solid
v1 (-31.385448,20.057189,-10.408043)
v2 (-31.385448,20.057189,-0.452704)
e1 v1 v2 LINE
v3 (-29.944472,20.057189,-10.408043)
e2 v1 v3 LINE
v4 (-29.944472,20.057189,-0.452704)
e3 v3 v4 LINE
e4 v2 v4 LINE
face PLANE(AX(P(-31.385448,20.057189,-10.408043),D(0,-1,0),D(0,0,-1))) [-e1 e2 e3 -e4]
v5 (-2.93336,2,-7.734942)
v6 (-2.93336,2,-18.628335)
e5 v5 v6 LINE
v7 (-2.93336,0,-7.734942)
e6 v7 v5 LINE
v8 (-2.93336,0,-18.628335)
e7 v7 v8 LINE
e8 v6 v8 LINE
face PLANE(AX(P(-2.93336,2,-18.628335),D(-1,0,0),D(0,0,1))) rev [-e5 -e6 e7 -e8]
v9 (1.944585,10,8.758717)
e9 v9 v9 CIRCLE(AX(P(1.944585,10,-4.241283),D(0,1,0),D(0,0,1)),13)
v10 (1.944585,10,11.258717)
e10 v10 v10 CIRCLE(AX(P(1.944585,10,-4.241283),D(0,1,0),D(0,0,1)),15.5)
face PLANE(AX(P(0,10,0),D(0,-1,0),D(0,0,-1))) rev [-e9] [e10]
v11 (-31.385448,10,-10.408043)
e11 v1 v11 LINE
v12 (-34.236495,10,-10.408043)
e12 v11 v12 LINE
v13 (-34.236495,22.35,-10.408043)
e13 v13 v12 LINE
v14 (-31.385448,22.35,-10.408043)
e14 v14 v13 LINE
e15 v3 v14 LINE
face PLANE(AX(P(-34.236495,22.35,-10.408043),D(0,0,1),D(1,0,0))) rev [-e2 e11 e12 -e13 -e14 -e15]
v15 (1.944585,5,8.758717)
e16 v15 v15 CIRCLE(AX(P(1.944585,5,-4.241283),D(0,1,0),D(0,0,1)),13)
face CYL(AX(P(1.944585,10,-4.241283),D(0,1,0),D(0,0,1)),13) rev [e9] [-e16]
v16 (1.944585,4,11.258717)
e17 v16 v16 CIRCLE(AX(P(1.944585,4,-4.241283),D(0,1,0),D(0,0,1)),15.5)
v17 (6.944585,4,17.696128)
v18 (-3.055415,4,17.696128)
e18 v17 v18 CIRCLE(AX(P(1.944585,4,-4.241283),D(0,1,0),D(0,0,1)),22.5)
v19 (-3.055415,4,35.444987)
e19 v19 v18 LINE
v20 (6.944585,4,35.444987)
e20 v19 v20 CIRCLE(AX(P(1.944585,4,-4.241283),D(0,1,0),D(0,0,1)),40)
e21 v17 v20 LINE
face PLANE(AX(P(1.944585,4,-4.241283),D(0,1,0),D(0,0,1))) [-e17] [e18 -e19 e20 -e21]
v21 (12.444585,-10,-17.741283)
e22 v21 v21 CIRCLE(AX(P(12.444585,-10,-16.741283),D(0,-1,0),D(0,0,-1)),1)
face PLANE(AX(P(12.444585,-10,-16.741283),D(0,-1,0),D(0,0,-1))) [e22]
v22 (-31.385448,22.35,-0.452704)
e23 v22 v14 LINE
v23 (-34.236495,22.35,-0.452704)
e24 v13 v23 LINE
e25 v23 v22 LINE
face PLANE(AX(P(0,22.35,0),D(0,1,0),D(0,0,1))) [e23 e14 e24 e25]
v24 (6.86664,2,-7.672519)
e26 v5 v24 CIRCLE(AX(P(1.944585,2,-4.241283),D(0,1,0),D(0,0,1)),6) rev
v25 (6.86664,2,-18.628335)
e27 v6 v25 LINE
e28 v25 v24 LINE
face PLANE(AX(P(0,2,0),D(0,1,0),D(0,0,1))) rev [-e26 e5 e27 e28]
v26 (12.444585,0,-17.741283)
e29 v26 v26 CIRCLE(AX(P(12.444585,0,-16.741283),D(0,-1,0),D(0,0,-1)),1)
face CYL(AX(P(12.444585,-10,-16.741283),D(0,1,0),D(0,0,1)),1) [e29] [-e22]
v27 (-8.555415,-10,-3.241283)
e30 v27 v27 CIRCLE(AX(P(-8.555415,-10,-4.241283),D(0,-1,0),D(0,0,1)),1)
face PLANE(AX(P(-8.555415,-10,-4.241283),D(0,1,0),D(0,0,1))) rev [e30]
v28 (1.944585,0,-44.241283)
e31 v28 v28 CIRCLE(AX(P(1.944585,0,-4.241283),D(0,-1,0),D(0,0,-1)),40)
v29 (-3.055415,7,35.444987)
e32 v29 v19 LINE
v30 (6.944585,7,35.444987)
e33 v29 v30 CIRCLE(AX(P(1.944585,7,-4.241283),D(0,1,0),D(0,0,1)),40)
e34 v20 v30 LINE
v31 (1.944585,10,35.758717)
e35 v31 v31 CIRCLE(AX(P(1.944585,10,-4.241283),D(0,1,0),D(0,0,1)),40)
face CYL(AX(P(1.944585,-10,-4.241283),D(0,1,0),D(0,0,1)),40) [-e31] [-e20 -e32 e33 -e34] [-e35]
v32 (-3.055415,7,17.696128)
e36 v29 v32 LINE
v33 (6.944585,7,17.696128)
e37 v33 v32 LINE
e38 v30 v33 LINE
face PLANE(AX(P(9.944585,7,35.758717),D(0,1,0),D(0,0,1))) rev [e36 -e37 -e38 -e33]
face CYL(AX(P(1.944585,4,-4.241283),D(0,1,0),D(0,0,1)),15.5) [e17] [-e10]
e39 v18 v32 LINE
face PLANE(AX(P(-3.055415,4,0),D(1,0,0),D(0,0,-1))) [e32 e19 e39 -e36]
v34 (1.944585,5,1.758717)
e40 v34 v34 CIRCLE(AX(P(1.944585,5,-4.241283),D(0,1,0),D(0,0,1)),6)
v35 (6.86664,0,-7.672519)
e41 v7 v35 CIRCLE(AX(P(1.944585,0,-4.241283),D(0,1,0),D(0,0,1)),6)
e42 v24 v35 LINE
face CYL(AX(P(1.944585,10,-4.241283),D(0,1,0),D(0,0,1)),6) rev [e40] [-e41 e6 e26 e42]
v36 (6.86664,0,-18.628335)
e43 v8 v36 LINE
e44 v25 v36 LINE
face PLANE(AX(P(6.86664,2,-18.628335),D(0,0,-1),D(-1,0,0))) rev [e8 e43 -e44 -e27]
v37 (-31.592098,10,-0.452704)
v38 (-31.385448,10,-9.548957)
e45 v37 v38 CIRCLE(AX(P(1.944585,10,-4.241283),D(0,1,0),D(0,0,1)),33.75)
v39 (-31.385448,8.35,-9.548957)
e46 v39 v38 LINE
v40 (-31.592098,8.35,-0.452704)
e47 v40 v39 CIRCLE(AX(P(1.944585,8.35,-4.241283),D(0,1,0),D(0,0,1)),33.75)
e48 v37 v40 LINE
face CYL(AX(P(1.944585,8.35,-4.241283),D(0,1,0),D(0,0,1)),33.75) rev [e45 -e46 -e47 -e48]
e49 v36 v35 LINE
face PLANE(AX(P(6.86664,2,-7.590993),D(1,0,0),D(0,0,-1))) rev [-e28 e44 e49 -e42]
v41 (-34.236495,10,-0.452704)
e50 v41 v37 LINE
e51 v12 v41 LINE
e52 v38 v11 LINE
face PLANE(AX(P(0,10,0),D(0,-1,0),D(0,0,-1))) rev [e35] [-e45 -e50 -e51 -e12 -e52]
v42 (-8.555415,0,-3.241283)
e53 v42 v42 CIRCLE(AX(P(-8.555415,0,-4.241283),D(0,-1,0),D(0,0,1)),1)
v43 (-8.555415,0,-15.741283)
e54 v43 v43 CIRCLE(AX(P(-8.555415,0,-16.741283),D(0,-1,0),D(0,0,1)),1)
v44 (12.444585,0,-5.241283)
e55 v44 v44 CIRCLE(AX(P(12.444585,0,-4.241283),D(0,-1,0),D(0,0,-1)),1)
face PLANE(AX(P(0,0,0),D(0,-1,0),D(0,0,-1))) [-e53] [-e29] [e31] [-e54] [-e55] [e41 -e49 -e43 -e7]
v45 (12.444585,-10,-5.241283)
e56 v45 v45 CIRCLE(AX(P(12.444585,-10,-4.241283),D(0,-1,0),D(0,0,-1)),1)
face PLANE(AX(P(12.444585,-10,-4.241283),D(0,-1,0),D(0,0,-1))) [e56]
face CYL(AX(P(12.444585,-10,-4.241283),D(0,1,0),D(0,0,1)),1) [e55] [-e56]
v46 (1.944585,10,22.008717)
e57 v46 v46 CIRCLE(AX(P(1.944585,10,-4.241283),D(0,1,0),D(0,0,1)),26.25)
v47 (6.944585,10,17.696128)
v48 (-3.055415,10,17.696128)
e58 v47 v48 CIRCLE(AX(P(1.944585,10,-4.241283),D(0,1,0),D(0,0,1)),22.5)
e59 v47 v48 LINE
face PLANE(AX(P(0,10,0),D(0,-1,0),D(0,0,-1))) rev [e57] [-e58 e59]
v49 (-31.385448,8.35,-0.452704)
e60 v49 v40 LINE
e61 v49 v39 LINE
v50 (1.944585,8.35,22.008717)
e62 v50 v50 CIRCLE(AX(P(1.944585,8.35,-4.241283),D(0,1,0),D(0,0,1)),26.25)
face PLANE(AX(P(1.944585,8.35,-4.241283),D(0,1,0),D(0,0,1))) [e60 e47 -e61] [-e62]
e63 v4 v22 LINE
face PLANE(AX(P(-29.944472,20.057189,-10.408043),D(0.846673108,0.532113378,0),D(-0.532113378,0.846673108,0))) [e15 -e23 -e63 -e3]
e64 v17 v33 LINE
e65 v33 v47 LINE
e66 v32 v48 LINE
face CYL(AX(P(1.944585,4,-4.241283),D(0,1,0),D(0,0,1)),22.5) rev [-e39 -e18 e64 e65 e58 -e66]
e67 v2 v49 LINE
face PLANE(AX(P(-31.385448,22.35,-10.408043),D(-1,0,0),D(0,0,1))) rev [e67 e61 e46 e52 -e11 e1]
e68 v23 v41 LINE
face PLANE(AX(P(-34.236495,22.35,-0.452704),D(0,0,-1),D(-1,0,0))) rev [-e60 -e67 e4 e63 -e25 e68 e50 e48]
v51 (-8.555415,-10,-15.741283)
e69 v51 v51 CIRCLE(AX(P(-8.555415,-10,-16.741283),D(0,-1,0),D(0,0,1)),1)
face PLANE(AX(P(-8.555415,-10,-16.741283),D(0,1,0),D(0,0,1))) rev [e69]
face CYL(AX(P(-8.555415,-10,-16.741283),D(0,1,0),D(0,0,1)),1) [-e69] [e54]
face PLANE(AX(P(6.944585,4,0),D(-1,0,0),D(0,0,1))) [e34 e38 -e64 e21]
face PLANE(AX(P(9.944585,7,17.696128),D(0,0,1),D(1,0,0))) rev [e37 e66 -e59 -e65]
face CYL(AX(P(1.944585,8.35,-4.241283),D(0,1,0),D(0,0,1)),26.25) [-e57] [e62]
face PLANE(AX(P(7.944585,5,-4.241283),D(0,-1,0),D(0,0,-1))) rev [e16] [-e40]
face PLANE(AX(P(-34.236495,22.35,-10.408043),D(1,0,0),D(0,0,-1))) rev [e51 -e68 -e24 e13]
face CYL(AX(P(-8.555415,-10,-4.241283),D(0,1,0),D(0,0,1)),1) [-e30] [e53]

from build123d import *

# Parameters (mm, degrees)
SKETCH28_W                                   = 80
SKETCH28_H                                   = 80
BOSS_EXTRUDE1_DEPTH                          = 10
CBORE_FOR_M10_CHEESE_HEAD_SCREW1_D           = 12
CBORE_FOR_M10_CHEESE_HEAD_SCREW1_CBORE_D     = 26
CBORE_FOR_M10_CHEESE_HEAD_SCREW1_CBORE_DEPTH = 5
SKETCH36_R                                   = 1
BOSS_EXTRUDE5_DEPTH                          = 10
SKETCH37_R                                   = 22.5
SKETCH37_R_2                                 = 15.5
CUT_EXTRUDE2_DEPTH                           = 6
CUT_EXTRUDE6_DEPTH                           = 6
SKETCH40_W                                   = 18.062589032
SKETCH40_H                                   = 3
BOSS_EXTRUDE7_DEPTH                          = 13
SKETCH41_R                                   = 33.75
SKETCH41_R_2                                 = 26.25
CUT_EXTRUDE7_DEPTH                           = 1.65
SKETCH42_W                                   = 9.8
SKETCH42_H                                   = 11.037342061
CUT_EXTRUDE8_DEPTH                           = 2
CUT_EXTRUDE11_DEPTH                          = 20
SKETCH45_W                                   = 2.851047628
SKETCH45_H                                   = 9.955339391
BOSS_EXTRUDE8_DEPTH                          = 14
BOSS_EXTRUDE9_START                          = -9.955339
BOSS_EXTRUDE9_DEPTH                          = 9.955339


with BuildPart() as part:
    # Sketch28 → Boss-Extrude1 (new body)
    with BuildSketch(Plane(origin=(0, 0, 0), x_dir=(1, 0, 0), z_dir=(0, 1, 0))):
        with Locations((1.944585414, 4.241283073)):
            Rectangle(SKETCH28_W, SKETCH28_H)
    extrude(amount=BOSS_EXTRUDE1_DEPTH)

    # CBORE for M10 Cheese Head Screw1 (through all)
    with Locations(Plane(origin=(0, 10, 0), x_dir=(1, 0, 0), z_dir=(0, 1, 0))):
        with Locations((1.944585414, 4.241283073)):
            CounterBoreHole(CBORE_FOR_M10_CHEESE_HEAD_SCREW1_D / 2, CBORE_FOR_M10_CHEESE_HEAD_SCREW1_CBORE_D / 2, CBORE_FOR_M10_CHEESE_HEAD_SCREW1_CBORE_DEPTH)

    # Sketch36 → Boss-Extrude5 (add)
    with BuildSketch(Plane.XZ):
        with Locations(Location((12.444585414, -16.741283073, 0), (0, 0, 270))):
            Circle(SKETCH36_R)
        with Locations(Location((12.444585414, -4.241283073, 0), (0, 0, 270))):
            Circle(SKETCH36_R)
        with Locations(Location((-8.555414586, -16.741283073, 0), (0, 0, 90))):
            Circle(SKETCH36_R)
        with Locations(Location((-8.555414586, -4.241283073, 0), (0, 0, 90))):
            Circle(SKETCH36_R)
    extrude(amount=BOSS_EXTRUDE5_DEPTH)

    # Sketch37 → Cut-Extrude2 (cut)
    with BuildSketch(Plane(origin=(0, 10, 0), x_dir=(1, 0, 0), z_dir=(0, 1, 0))):
        with Locations(Location((1.944585414, 4.241283073, 0), (0, 0, 270))):
            Circle(SKETCH37_R)
        with Locations(Location((1.944585414, 4.241283073, 0), (0, 0, 270))):
            Circle(SKETCH37_R_2, mode=Mode.SUBTRACT)
    extrude(amount=-CUT_EXTRUDE2_DEPTH, mode=Mode.SUBTRACT)

    # Sketch39 → Cut-Extrude6 (cut)
    with BuildSketch(Plane(origin=(0, 10, 0), x_dir=(1, 0, 0), z_dir=(0, 1, 0))):
        with BuildLine():
            Line((6.944585414, -35.758716927), (6.944585414, -17.696127895))
            ThreePointArc((6.944585414, -17.696127895), (1.944585414, -18.258716927), (-3.055414586, -17.696127895))
            Line((-3.055414586, -17.696127895), (-3.055414586, -35.758716927))
            Line((-3.055414586, -35.758716927), (1.944585414, -35.758716927))
            Line((1.944585414, -35.758716927), (6.944585414, -35.758716927))
        make_face()
    extrude(amount=-CUT_EXTRUDE6_DEPTH, mode=Mode.SUBTRACT)

    # Sketch40 → Boss-Extrude7 (add)
    with BuildSketch(Plane(origin=(-3.055414586, 0, 0), x_dir=(0, 0, -1), z_dir=(1, 0, 0))):
        with Locations((-26.727422411, 8.5)):
            Rectangle(SKETCH40_W, SKETCH40_H)
    extrude(amount=BOSS_EXTRUDE7_DEPTH)

    # Sketch41 → Cut-Extrude7 (cut)
    with BuildSketch(Plane(origin=(0, 10, 0), x_dir=(1, 0, 0), z_dir=(0, 1, 0))):
        with Locations(Location((1.944585414, 4.241283073, 0), (0, 0, 270))):
            Circle(SKETCH41_R)
        with Locations(Location((1.944585414, 4.241283073, 0), (0, 0, 270))):
            Circle(SKETCH41_R_2, mode=Mode.SUBTRACT)
    extrude(amount=-CUT_EXTRUDE7_DEPTH, mode=Mode.SUBTRACT)

    # Sketch42 → Cut-Extrude8 (cut)
    with BuildSketch(Plane.XZ):
        with Locations((1.966640169, -13.109663986)):
            Rectangle(SKETCH42_W, SKETCH42_H)
    extrude(amount=-CUT_EXTRUDE8_DEPTH, mode=Mode.SUBTRACT)

    # Sketch43 → Cut-Extrude11 (cut)
    with BuildSketch(Plane(origin=(0, 10, 0), x_dir=(1, 0, 0), z_dir=(0, 1, 0))):
        with BuildLine():
            ThreePointArc((-38.055414586, 4.241282966), (-26.339685871, 32.525554283), (1.944585414, 44.241283073))
            Line((1.944585414, 44.241283073), (-38.055414586, 44.241283073))
            Line((-38.055414586, 44.241283073), (-38.055414586, 4.241282966))
        make_face()
        with BuildLine():
            ThreePointArc((1.944585414, -35.758716927), (-26.339685795, -24.042988212), (-38.055414586, 4.241282966))
            Line((-38.055414586, 4.241282966), (-38.055414586, -35.758716927))
            Line((-38.055414586, -35.758716927), (1.944585414, -35.758716927))
        make_face()
        with BuildLine():
            Line((41.944585414, -35.758716927), (41.944585414, 4.241283073))
            ThreePointArc((41.944585414, 4.241283073), (30.228856662, -24.042988174), (1.944585414, -35.758716927))
            Line((1.944585414, -35.758716927), (41.944585414, -35.758716927))
        make_face()
        with BuildLine():
            Line((41.944585414, 44.241283073), (1.944585414, 44.241283073))
            ThreePointArc((1.944585414, 44.241283073), (30.228856662, 32.525554321), (41.944585414, 4.241283073))
            Line((41.944585414, 4.241283073), (41.944585414, 44.241283073))
        make_face()
    extrude(amount=-CUT_EXTRUDE11_DEPTH, mode=Mode.SUBTRACT)

    # Sketch45 → Boss-Extrude8 (add)
    with BuildSketch(Plane(origin=(0, 8.35, 0), x_dir=(1, 0, 0), z_dir=(0, 1, 0))):
        with Locations((-32.810971356, 5.43037333)):
            Rectangle(SKETCH45_W, SKETCH45_H)
    extrude(amount=BOSS_EXTRUDE8_DEPTH)

    # Sketch46 → Boss-Extrude9 (add)
    with BuildSketch(Plane.XY.offset(-0.452703634).offset(BOSS_EXTRUDE9_START)):
        Polygon((-31.385447542, 22.35), (-31.385447542, 20.057188555), (-29.944471524, 20.057188555), align=None)
    extrude(amount=BOSS_EXTRUDE9_DEPTH)


solid = part.part
